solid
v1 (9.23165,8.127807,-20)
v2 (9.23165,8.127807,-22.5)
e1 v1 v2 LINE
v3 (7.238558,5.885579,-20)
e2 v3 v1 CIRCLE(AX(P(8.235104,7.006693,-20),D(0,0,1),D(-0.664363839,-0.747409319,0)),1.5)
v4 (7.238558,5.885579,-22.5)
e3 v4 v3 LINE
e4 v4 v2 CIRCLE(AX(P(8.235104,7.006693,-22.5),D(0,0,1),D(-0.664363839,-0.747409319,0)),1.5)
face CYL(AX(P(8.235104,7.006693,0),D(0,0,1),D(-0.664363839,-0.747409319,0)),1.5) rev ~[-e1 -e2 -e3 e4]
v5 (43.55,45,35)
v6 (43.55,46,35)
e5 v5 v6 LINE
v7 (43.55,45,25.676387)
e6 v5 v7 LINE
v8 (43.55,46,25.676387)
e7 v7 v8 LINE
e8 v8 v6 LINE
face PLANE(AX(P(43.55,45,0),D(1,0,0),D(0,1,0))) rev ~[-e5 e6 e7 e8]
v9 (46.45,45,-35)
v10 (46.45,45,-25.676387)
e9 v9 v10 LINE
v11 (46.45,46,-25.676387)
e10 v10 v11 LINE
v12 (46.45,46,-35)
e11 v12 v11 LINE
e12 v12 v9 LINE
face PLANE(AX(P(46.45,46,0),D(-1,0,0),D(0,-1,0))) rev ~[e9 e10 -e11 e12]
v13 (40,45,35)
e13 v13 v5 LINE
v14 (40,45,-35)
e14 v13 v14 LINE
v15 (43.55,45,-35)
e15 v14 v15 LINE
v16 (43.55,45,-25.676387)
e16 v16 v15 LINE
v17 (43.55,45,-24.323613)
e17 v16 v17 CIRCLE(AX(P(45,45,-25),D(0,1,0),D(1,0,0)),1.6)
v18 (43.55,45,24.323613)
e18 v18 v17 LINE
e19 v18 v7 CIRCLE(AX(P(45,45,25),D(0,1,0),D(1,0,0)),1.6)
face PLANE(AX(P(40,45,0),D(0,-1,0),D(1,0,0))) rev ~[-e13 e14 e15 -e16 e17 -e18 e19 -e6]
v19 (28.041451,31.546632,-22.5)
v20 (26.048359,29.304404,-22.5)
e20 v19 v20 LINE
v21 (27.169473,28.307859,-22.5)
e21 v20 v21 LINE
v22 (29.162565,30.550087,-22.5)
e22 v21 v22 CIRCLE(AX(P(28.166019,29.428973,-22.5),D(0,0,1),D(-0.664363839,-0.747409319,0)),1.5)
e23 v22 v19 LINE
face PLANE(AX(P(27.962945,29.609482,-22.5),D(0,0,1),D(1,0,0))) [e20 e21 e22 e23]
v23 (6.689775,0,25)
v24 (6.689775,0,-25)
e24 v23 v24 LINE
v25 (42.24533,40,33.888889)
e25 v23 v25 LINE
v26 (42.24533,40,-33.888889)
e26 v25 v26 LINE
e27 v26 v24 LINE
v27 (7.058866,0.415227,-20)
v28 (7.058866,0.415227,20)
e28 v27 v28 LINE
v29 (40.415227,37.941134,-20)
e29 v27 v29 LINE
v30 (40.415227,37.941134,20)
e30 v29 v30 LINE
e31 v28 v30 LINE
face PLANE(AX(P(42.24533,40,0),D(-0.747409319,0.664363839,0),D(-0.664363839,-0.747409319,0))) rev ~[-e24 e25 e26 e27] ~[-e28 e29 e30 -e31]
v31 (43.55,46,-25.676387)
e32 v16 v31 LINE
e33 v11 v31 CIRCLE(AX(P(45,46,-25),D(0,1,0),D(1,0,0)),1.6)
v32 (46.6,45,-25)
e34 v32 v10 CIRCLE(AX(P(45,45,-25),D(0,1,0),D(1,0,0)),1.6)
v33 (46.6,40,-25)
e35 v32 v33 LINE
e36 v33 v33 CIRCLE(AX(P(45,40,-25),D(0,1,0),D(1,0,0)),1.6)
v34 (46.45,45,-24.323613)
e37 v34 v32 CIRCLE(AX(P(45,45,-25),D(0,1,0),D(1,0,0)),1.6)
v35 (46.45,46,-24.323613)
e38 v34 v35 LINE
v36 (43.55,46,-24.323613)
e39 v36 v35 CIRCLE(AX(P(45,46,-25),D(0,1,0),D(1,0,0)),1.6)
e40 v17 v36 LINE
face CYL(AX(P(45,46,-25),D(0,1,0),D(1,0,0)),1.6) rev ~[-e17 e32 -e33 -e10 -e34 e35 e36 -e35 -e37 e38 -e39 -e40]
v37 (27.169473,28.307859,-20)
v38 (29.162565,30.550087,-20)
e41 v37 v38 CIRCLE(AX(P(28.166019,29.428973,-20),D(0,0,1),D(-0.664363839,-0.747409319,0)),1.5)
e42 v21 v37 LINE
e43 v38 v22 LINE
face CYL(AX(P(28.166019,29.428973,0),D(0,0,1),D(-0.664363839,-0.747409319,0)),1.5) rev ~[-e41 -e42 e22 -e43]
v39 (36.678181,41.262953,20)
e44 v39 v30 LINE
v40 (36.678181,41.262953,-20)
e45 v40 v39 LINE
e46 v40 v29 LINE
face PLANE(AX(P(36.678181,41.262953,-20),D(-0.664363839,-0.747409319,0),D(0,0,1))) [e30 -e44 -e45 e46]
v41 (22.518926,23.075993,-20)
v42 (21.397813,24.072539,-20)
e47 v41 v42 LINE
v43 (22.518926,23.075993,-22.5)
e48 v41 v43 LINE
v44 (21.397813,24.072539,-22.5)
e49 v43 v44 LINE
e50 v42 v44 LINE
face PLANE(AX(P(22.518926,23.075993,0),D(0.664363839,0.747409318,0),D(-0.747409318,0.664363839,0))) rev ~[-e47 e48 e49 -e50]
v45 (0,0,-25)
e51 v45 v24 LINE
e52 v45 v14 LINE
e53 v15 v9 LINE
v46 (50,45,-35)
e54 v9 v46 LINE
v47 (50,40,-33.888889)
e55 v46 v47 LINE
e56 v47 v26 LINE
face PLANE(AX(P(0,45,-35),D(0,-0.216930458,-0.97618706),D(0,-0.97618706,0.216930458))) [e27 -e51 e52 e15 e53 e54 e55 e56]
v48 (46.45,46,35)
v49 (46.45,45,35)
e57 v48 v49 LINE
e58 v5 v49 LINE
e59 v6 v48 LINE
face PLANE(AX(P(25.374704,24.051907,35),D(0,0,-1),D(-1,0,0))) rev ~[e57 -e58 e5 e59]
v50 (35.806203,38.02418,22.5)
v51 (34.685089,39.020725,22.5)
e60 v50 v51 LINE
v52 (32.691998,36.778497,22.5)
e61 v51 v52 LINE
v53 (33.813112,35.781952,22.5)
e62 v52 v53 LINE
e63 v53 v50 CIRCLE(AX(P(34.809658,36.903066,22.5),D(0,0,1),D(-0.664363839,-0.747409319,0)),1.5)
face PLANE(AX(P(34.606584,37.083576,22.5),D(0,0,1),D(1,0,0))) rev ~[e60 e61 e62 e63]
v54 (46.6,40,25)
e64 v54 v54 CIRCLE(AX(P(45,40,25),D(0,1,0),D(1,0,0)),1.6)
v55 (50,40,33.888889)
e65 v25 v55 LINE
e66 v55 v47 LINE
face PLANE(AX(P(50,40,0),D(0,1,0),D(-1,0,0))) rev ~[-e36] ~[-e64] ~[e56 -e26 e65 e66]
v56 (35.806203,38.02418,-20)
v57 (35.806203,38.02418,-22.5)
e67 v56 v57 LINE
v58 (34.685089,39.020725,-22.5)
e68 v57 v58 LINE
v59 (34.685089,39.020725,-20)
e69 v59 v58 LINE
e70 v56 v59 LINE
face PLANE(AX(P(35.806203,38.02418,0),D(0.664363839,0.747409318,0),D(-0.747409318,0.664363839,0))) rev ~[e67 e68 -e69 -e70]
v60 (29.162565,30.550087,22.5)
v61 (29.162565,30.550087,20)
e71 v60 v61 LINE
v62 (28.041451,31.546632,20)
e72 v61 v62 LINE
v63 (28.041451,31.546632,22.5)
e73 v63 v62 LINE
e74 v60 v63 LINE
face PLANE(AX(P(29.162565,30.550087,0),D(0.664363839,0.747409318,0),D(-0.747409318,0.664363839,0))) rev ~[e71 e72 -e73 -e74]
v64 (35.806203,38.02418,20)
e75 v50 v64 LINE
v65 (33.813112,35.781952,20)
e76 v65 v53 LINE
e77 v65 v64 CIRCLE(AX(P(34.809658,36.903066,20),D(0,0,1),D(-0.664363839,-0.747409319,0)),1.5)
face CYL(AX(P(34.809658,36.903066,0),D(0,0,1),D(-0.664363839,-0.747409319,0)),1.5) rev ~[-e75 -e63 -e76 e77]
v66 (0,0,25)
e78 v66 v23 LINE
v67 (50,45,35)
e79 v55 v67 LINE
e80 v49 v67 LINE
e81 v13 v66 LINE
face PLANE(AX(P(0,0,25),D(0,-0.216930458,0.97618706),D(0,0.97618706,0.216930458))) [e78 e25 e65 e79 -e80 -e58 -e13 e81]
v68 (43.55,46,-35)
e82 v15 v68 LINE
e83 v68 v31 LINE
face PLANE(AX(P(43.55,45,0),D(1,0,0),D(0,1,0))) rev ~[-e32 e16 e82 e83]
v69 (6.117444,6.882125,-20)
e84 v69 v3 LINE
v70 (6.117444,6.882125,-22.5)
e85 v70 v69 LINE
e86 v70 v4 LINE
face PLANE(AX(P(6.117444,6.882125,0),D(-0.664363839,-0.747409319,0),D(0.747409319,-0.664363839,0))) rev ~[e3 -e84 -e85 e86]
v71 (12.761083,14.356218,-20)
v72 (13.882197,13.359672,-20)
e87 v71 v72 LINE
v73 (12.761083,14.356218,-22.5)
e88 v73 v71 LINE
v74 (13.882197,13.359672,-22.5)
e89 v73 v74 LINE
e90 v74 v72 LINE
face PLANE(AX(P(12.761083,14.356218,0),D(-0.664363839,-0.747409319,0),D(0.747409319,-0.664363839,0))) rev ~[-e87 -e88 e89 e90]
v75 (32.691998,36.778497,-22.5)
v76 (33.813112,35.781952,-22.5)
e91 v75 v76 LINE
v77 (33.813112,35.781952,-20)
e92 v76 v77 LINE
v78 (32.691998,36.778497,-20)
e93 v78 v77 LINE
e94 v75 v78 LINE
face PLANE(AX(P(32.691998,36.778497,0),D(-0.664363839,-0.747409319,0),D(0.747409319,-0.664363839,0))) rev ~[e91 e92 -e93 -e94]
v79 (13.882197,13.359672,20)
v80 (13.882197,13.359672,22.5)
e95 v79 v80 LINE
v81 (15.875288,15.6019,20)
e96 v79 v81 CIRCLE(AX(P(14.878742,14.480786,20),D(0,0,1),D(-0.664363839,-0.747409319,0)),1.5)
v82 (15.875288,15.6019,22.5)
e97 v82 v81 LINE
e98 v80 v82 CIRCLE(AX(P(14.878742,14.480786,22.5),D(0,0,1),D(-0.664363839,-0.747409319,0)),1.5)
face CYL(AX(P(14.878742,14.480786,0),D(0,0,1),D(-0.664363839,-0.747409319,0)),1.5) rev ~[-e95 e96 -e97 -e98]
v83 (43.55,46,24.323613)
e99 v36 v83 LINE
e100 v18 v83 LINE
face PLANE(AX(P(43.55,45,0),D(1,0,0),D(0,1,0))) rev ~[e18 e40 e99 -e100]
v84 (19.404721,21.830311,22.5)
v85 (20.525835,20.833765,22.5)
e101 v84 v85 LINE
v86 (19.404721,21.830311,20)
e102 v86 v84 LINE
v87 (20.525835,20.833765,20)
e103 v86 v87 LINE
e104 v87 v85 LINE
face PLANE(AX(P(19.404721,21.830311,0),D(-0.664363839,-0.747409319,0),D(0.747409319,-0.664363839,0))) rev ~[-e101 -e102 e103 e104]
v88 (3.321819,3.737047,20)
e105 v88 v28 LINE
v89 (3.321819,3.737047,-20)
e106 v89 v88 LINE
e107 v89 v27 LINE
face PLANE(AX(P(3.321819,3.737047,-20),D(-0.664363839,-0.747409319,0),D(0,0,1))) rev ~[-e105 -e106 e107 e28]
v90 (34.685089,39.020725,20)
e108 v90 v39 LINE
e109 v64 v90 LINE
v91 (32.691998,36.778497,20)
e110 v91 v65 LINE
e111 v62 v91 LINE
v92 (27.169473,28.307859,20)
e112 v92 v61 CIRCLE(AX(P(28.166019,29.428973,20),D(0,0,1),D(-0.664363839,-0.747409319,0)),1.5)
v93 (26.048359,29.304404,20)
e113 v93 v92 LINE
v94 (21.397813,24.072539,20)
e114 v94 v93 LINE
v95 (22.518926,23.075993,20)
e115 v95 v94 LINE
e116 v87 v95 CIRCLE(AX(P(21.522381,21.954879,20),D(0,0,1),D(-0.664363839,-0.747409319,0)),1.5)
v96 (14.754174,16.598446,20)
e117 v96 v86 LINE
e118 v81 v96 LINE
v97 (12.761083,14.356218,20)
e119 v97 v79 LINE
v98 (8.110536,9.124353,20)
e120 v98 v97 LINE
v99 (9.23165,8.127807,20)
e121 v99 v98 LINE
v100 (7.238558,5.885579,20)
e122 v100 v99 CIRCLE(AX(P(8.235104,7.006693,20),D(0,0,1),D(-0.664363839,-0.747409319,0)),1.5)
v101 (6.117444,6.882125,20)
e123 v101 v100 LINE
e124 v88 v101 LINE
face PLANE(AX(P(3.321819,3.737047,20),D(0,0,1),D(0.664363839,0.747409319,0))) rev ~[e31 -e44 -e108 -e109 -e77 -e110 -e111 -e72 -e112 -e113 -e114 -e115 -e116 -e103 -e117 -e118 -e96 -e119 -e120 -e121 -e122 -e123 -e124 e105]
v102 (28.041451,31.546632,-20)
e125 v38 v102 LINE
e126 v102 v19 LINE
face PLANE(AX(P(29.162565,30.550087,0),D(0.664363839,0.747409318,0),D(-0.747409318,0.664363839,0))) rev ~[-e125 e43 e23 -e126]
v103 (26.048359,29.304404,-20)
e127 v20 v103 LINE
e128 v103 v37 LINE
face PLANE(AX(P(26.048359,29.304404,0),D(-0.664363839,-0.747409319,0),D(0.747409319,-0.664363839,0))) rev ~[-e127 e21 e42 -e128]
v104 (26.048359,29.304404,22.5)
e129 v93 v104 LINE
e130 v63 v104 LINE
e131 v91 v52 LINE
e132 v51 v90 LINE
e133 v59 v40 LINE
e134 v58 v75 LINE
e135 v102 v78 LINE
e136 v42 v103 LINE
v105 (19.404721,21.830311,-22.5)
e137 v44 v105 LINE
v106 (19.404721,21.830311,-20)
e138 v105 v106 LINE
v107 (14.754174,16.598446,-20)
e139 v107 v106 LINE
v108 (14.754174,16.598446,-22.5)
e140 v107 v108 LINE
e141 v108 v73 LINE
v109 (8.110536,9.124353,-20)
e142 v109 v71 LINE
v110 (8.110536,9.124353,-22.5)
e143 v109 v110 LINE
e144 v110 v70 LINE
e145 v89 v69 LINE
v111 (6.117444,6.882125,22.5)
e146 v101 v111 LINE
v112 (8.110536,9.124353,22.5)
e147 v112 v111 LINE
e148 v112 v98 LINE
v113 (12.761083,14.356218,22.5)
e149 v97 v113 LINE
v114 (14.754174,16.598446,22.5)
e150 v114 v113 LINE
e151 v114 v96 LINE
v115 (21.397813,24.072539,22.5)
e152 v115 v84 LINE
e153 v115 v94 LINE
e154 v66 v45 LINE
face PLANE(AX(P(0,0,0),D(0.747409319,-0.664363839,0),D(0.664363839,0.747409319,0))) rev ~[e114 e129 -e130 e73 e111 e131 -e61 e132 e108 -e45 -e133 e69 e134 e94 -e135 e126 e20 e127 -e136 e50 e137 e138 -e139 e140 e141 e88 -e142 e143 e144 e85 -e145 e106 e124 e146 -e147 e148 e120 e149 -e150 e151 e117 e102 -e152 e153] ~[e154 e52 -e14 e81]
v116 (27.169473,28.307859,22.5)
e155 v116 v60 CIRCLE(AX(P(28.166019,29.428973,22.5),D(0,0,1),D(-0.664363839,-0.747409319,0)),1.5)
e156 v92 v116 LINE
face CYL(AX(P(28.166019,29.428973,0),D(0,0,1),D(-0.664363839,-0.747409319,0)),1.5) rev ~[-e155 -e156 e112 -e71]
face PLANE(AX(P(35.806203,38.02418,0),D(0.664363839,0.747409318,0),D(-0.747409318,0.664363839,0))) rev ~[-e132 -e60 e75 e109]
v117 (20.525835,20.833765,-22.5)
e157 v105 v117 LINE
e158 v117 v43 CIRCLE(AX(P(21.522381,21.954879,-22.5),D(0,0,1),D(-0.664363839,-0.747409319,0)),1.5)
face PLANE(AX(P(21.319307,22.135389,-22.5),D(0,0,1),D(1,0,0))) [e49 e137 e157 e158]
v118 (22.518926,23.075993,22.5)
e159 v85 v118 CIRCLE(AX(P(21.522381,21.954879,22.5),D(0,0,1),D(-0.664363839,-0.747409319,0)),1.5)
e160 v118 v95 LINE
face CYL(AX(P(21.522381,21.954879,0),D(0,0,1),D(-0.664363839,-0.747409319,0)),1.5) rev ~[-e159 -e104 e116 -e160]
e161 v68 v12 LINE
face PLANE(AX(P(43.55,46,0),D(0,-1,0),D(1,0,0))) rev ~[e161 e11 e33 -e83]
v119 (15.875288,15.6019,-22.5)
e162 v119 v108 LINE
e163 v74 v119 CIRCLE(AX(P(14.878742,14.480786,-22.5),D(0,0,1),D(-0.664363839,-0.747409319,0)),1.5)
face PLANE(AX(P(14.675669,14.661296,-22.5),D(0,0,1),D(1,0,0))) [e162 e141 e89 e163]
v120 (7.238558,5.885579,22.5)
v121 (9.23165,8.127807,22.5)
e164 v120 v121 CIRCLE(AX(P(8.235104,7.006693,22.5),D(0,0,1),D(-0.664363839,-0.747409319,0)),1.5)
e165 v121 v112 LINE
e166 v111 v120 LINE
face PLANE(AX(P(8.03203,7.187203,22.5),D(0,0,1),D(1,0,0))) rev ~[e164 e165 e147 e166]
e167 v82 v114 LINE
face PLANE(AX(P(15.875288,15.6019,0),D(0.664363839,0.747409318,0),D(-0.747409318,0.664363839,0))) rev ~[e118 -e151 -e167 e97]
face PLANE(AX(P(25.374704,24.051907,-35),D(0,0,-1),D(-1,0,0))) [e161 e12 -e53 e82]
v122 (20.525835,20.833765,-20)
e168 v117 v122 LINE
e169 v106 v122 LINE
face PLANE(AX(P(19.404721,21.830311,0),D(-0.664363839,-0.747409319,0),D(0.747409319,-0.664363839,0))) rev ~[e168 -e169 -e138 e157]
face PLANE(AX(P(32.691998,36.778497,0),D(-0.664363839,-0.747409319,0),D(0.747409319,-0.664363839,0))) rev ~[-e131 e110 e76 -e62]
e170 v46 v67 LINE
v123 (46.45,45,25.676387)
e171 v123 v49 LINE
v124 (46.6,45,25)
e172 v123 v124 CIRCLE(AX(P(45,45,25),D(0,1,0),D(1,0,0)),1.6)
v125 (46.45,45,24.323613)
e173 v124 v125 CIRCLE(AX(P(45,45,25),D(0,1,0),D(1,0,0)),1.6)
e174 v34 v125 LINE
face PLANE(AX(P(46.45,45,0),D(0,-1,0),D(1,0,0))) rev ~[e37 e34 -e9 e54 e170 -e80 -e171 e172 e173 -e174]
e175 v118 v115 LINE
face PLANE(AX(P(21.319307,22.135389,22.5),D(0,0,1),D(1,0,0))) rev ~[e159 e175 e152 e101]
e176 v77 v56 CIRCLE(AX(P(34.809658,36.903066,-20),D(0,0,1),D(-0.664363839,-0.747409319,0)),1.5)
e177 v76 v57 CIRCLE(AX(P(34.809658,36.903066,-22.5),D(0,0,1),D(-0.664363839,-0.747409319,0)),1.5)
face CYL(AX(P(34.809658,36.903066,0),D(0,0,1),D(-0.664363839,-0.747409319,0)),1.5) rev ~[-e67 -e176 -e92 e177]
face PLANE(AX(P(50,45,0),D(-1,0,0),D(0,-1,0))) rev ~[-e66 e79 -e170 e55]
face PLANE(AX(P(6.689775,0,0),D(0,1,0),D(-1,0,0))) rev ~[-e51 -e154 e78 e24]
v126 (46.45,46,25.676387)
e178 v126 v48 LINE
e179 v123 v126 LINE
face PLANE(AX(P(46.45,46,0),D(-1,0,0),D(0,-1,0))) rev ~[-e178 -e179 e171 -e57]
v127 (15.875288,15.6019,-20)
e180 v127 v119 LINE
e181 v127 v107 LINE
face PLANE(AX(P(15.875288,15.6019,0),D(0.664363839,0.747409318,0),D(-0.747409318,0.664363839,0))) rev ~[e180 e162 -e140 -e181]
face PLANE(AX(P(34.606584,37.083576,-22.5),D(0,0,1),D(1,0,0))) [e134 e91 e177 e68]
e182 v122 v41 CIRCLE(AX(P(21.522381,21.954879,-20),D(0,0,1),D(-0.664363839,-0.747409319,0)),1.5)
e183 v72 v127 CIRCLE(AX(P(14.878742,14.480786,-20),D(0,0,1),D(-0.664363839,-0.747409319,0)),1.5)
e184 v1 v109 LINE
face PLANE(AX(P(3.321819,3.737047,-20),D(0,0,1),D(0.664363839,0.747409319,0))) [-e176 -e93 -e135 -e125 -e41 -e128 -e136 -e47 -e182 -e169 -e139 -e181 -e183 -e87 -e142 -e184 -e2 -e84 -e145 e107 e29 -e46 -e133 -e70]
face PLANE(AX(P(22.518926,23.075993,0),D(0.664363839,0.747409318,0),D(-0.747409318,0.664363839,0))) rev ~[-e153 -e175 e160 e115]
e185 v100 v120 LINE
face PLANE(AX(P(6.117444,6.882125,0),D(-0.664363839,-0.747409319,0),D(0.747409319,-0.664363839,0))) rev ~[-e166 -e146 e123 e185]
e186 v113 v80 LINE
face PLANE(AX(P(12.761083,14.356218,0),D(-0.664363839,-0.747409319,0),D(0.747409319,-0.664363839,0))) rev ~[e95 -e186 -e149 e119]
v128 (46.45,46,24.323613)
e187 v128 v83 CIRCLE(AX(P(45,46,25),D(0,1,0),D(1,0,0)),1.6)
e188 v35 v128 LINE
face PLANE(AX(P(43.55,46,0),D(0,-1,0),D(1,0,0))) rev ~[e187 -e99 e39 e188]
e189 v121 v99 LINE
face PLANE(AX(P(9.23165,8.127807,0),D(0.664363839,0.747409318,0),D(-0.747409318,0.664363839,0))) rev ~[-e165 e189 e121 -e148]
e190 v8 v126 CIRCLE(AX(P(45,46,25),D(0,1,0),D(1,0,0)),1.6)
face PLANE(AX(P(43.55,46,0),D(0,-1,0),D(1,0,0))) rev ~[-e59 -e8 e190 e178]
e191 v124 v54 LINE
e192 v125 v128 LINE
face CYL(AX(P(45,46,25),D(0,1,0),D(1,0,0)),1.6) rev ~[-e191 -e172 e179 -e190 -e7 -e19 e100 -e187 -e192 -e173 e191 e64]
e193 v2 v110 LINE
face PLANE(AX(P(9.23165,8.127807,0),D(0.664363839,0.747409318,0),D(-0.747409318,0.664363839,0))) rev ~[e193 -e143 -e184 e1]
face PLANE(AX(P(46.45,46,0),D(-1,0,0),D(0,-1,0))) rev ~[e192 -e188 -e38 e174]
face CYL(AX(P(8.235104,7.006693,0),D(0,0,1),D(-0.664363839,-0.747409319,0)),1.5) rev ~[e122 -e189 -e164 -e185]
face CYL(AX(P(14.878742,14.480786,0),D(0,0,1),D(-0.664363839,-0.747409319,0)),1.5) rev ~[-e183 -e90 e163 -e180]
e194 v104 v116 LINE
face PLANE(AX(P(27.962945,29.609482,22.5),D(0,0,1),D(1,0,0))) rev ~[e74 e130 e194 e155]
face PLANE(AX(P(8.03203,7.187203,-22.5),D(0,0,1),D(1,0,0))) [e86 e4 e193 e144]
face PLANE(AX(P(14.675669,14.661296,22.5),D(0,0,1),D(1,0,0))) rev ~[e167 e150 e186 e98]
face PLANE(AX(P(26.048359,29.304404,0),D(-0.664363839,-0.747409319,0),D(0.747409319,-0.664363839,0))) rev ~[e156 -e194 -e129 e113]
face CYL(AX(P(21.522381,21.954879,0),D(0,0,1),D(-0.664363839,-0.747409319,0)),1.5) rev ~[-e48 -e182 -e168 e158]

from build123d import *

# Parameters (mm, degrees)
MAIN_DEPTH                   = 35
SIDECUT_DEPTH                = 51
SIDECUT_DEPTH_BACK           = 1
SKETCH5_W                    = 40
SKETCH5_H                    = 50.207972894
CENTRALCUT_DEPTH             = 38.370465934
SKETCH3_R                    = 1.6
MAKERBEAMFIXHOLES_DEPTH      = 1
MAKERBEAMFIXHOLES_DEPTH_BACK = 47
ROLLERSUPPORTHOLES_DEPTH     = 22.5
LPATTERN1_COUNT              = 5
LPATTERN1_PITCH              = 10


with BuildPart() as part:
    # Sketch1 → Main (new body, symmetric)
    with BuildSketch(Plane.XY):
        Polygon((50, 45), (50, 40), (42.245330322, 40), (6.689774766, 0), (0, 0), (40, 45), (43.55, 45), (43.55, 46), (46.45, 46), (46.45, 45), align=None)
    extrude(amount=MAIN_DEPTH, both=True)

    # Sketch2 → SideCut (cut, two sides)
    with BuildSketch(Plane(origin=(0, 12.071067812, 0), x_dir=(0, 0, 1), z_dir=(1, 0, 0))) as sidecut_sk:
        Polygon((-35, -32.928932188), (-25, 12.071067812), (-35, 12.071067812), align=None)
        Polygon((35, -32.928932188), (35, 12.071067812), (25, 12.071067812), align=None)
    extrude(amount=SIDECUT_DEPTH, mode=Mode.SUBTRACT)
    extrude(sidecut_sk.sketch, amount=-SIDECUT_DEPTH_BACK, mode=Mode.SUBTRACT)

    # Sketch5 → CentralCut (cut, through all)
    with BuildSketch(Plane(origin=(0, 0, 0), x_dir=(0, 0, 1), z_dir=(-0.747409319, 0.664363839, 0))):
        with Locations((0, 30.103986447)):
            Rectangle(SKETCH5_W, SKETCH5_H)
    extrude(amount=-CENTRALCUT_DEPTH, mode=Mode.SUBTRACT)

    # Sketch3 → MakerBeamFixHoles (cut, two sides)
    with BuildSketch(Plane(origin=(0, 46, 0), x_dir=(1, 0, 0), z_dir=(0, 1, 0))) as makerbeamfixholes_sk:
        with Locations((45, 25)):
            Circle(SKETCH3_R)
        with Locations((45, -25)):
            Circle(SKETCH3_R)
    extrude(amount=MAKERBEAMFIXHOLES_DEPTH, mode=Mode.SUBTRACT)
    extrude(makerbeamfixholes_sk.sketch, amount=-MAKERBEAMFIXHOLES_DEPTH_BACK, mode=Mode.SUBTRACT)

    # Sketch4 → RollerSupportHoles (cut, symmetric)
    with BuildSketch(Plane.XY):
        with BuildLine():
            Line((34.685089289, 39.020725451), (32.691997773, 36.778497494))
            Line((32.691997773, 36.778497494), (33.813111751, 35.781951736))
            ThreePointArc((33.813111751, 35.781951736), (35.930771487, 35.906519956), (35.806203267, 38.024179692))
            Line((35.806203267, 38.024179692), (34.685089289, 39.020725451))
        make_face()
    rollersupportholes = extrude(amount=ROLLERSUPPORTHOLES_DEPTH, both=True, mode=Mode.SUBTRACT)

    # LPattern1: RollerSupportHoles ×5
    with Locations(*[Vector(-0.664363839, -0.747409319, 0) * (i * LPATTERN1_PITCH) for i in range(1, LPATTERN1_COUNT)]):
        add(rollersupportholes, mode=Mode.SUBTRACT)


solid = part.part
